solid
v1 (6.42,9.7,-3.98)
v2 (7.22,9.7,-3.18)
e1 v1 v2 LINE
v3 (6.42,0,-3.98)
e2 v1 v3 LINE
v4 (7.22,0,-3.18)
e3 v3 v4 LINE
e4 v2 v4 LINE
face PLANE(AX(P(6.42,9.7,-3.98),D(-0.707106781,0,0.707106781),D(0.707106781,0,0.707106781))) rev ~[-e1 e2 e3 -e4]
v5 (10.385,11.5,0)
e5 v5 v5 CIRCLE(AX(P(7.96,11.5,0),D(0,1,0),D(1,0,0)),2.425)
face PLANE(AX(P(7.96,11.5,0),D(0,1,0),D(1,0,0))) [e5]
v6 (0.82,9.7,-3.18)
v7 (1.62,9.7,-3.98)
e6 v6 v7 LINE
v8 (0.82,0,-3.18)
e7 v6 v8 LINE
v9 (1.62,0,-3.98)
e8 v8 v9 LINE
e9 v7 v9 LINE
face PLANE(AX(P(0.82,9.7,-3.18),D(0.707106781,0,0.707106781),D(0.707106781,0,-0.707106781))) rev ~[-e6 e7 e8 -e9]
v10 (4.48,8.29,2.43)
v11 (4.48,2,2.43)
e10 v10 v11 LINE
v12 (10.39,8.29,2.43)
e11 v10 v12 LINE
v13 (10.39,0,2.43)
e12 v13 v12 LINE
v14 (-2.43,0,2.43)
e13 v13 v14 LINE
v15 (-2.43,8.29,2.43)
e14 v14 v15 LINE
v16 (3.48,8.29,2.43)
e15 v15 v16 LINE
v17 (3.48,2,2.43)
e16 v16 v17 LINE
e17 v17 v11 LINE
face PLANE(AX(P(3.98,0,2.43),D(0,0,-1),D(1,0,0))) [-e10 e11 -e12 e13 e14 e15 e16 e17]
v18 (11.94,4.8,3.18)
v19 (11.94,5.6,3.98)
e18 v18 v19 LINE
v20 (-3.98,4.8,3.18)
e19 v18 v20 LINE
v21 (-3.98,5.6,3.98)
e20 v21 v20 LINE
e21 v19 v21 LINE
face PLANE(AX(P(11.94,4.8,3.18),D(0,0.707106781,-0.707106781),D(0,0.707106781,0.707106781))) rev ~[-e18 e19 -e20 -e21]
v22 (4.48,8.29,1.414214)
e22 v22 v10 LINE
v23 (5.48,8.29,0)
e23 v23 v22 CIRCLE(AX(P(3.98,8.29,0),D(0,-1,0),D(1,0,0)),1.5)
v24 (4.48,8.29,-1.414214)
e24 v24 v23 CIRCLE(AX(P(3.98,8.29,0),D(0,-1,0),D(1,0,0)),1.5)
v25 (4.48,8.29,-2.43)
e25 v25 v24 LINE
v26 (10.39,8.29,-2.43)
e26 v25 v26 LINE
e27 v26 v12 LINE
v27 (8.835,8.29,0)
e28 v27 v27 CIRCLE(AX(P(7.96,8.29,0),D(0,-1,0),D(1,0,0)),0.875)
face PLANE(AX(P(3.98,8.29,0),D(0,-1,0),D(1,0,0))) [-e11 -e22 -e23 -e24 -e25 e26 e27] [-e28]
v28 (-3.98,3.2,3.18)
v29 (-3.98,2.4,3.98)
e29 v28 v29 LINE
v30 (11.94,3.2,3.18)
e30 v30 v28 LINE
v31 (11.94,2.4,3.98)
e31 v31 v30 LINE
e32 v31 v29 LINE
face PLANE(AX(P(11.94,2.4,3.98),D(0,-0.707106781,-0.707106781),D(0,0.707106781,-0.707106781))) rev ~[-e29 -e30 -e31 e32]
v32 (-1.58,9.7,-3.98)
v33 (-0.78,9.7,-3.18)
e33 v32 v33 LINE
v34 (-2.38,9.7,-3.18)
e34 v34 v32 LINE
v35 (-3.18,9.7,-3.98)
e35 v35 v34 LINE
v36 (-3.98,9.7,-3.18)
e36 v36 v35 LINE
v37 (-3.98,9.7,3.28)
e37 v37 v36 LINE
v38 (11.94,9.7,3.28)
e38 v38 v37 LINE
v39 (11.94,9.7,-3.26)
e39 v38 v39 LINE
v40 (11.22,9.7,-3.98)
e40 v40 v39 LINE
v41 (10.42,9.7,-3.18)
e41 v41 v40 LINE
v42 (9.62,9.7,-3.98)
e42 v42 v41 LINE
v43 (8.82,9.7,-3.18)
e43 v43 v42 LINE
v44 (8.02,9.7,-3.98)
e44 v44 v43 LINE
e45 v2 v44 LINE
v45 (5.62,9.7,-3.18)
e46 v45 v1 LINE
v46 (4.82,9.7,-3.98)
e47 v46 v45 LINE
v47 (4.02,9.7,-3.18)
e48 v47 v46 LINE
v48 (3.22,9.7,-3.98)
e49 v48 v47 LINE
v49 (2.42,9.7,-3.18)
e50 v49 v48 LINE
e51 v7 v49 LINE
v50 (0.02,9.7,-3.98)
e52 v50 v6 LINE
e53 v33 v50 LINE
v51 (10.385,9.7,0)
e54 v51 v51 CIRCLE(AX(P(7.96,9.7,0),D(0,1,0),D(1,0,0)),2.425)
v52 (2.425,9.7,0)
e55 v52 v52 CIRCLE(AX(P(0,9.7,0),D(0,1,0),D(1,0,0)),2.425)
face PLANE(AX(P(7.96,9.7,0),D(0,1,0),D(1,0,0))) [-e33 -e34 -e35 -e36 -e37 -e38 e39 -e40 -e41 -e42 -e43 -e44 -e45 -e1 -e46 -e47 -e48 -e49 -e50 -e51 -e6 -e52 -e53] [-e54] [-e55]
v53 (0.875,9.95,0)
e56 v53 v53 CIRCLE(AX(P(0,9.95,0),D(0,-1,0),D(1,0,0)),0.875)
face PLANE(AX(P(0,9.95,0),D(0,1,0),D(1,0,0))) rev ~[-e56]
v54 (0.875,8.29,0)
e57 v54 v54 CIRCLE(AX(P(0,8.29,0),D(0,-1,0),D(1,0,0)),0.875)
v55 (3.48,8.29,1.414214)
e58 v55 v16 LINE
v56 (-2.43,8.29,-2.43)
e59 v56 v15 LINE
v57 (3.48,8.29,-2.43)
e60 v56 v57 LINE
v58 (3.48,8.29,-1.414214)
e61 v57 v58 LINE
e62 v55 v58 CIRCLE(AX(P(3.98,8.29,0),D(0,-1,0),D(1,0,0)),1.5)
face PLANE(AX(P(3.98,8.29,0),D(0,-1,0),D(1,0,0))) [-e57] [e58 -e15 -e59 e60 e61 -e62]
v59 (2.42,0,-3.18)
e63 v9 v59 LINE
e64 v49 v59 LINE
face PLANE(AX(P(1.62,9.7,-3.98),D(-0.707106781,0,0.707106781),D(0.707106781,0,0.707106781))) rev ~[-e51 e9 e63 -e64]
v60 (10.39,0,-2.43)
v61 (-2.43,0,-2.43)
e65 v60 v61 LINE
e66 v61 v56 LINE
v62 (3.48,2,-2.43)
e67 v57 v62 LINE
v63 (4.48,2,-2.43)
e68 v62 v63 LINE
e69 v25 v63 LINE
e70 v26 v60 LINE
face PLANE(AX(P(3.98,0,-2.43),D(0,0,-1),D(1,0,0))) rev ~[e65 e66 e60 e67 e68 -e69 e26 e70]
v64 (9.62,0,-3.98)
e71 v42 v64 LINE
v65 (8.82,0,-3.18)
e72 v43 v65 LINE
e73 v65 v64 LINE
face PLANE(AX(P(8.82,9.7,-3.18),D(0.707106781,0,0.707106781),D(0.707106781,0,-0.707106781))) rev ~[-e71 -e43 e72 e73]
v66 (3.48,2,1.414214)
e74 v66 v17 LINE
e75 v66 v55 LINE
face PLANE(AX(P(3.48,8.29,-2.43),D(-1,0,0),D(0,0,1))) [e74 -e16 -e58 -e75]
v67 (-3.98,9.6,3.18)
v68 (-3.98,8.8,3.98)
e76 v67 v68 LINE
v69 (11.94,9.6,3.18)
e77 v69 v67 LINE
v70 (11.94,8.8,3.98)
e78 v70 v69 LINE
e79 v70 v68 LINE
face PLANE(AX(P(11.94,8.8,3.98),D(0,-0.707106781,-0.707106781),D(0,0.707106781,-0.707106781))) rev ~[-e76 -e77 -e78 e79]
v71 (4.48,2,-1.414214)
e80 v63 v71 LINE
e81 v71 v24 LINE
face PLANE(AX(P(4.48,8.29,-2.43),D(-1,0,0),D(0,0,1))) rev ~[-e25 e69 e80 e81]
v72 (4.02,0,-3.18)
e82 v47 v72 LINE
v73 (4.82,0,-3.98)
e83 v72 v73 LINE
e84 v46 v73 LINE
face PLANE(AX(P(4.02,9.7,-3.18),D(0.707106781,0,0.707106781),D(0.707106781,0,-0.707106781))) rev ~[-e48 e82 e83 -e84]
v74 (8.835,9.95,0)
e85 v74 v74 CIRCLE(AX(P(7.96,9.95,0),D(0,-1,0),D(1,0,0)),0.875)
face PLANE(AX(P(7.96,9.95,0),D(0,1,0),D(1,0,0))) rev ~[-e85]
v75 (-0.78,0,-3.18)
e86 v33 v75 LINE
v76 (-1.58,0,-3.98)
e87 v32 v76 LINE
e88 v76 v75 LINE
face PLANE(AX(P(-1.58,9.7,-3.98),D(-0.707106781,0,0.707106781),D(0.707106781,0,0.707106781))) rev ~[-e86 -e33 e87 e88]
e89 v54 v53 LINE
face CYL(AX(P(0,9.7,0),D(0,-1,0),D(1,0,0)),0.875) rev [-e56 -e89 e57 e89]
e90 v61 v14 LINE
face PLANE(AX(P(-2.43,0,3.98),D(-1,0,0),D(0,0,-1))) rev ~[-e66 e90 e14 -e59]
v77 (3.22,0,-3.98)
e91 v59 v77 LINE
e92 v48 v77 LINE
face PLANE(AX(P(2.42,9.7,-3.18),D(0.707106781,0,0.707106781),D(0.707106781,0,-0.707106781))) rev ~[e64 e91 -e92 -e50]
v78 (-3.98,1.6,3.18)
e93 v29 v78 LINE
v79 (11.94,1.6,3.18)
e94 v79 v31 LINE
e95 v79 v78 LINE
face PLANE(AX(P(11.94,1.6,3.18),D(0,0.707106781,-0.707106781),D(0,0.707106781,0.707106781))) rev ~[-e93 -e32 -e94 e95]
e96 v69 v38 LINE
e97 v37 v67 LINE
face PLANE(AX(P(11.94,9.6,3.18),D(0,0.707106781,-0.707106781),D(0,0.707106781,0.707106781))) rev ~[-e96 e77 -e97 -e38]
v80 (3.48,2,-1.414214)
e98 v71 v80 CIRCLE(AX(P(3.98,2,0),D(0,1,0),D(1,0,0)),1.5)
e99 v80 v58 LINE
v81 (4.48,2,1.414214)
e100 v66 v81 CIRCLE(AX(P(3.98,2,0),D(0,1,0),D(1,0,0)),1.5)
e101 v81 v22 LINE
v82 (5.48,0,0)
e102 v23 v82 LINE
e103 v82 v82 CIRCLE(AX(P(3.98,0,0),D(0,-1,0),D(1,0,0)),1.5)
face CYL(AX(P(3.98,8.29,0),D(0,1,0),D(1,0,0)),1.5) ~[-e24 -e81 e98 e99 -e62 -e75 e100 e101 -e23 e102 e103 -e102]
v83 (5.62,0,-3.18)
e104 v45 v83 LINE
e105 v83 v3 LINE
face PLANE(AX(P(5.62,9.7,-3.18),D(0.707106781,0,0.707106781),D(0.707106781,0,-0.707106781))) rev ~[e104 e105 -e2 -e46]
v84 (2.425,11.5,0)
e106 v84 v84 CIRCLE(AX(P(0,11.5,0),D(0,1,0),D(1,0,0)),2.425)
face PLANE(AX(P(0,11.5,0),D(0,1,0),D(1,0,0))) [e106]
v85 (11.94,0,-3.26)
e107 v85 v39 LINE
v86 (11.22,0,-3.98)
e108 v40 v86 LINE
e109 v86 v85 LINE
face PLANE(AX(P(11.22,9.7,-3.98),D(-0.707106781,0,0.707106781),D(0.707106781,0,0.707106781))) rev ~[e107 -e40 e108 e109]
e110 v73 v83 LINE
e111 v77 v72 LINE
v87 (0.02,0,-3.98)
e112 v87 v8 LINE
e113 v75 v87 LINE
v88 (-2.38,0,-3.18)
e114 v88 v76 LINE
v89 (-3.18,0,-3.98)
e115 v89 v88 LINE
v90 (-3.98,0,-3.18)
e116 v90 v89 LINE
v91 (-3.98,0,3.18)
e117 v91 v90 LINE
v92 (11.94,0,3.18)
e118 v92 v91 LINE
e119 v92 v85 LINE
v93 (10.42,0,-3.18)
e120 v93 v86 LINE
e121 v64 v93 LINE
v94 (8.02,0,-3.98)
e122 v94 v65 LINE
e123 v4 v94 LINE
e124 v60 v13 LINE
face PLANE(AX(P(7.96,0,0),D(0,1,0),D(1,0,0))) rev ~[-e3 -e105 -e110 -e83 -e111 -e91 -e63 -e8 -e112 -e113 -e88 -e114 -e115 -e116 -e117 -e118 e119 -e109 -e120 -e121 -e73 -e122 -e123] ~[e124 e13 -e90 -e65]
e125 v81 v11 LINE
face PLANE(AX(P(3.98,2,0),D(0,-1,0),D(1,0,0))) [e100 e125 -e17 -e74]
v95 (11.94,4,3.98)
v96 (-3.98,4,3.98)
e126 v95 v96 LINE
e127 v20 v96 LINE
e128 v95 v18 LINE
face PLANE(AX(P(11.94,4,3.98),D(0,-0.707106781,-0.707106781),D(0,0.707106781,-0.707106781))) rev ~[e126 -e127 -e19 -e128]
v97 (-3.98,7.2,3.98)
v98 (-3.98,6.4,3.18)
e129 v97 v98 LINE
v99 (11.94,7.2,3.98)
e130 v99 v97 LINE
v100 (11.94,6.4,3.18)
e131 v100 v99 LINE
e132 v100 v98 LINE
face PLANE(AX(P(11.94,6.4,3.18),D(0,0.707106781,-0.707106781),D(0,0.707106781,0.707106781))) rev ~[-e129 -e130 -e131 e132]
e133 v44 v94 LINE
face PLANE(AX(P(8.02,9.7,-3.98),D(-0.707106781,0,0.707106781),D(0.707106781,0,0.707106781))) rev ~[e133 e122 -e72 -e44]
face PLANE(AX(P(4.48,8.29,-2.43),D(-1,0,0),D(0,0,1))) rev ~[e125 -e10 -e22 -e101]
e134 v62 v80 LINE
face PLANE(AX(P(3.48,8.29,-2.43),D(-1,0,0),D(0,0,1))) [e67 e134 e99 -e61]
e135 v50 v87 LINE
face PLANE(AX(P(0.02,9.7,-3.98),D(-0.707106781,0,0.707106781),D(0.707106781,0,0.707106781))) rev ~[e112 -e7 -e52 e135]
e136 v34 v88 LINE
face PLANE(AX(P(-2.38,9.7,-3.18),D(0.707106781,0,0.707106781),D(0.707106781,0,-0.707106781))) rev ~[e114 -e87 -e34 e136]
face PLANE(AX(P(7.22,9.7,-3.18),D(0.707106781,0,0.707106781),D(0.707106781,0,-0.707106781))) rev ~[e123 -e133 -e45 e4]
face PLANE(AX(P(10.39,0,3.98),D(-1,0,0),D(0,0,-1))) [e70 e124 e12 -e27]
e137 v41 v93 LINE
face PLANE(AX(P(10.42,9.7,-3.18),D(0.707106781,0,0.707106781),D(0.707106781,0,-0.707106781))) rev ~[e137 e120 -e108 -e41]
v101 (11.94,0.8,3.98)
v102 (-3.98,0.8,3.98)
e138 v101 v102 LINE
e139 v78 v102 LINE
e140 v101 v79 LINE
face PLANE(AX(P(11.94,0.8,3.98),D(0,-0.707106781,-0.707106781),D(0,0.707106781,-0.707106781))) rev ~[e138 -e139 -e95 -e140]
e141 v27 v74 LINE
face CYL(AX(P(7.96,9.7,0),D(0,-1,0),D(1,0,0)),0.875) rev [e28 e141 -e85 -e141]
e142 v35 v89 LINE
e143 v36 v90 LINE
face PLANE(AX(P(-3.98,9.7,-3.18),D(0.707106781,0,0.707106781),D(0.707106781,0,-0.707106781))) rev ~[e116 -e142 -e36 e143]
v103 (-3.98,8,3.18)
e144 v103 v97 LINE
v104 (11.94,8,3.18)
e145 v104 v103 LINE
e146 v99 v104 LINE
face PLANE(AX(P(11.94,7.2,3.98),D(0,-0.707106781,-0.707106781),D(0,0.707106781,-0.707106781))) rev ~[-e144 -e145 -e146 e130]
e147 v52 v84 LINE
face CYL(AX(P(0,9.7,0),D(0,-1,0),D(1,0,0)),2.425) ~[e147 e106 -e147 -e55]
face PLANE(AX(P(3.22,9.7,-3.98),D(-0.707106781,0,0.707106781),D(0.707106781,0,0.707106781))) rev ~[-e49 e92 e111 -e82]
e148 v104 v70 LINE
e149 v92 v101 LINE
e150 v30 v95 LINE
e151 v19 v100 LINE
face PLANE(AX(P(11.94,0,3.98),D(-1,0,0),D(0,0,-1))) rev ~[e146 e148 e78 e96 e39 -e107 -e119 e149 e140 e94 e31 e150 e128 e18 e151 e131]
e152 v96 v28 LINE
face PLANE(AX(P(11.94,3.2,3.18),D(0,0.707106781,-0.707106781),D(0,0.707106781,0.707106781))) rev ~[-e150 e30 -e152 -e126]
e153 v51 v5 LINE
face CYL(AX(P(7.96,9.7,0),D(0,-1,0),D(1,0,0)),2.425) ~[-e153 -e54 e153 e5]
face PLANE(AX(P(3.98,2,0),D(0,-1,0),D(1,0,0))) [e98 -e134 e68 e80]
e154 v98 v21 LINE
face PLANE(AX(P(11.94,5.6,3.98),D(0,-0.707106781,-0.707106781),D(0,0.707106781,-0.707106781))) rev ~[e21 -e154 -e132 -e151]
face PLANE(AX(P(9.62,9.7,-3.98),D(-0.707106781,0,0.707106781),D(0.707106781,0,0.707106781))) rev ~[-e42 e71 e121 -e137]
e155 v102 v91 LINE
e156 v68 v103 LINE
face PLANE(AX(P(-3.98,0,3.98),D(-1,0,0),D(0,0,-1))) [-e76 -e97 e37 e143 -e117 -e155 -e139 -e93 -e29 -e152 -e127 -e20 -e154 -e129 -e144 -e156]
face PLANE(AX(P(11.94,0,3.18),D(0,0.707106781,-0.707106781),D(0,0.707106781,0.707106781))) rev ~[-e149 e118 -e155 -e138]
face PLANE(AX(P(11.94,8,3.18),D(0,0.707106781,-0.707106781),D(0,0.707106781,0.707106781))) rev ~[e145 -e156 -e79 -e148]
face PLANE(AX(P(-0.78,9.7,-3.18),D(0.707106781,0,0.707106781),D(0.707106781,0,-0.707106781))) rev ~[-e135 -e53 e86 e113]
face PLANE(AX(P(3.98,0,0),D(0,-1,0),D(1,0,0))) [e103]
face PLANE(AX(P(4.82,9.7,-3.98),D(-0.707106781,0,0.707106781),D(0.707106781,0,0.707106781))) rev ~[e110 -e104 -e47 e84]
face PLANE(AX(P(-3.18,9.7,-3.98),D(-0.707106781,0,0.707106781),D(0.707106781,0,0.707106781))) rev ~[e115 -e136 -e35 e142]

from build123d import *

# Parameters (mm, degrees)
SKETCH1_W       = 7.96
SKETCH1_H       = 7.96
EXTRUDE1_DEPTH  = 9.7
SKETCH2_R       = 2.425
EXTRUDE2_DEPTH  = 1.8
LPATTERN1_COUNT = 2
LPATTERN1_PITCH = 7.96
SHELL1_T        = -1.55
SKETCH3_W       = 12.82
SKETCH3_H       = 4.86
EXTRUDE3_DEPTH  = 0.14
SKETCH4_R       = 1.5
EXTRUDE4_DEPTH  = 8.29
SKETCH5_W       = 1
SKETCH5_H       = 4.86
EXTRUDE5_DEPTH  = 6.29
EXTRUDE6_DEPTH  = 16.92
LPATTERN2_COUNT = 7
LPATTERN2_PITCH = 1.6
EXTRUDE7_DEPTH  = 10.7
LPATTERN3_COUNT = 11
LPATTERN3_PITCH = 1.6


with BuildPart() as part:
    # Sketch1 → Extrude1 (new body)
    with BuildSketch(Plane(origin=(0, 0, 0), x_dir=(1, 0, 0), z_dir=(0, 1, 0))):
        Rectangle(SKETCH1_W, SKETCH1_H)
    extrude1 = extrude(amount=EXTRUDE1_DEPTH)

    # Sketch2 → Extrude2 (add)
    with BuildSketch(Plane(origin=(0, 9.7, 0), x_dir=(1, 0, 0), z_dir=(0, 1, 0))):
        Circle(SKETCH2_R)
    extrude2 = extrude(amount=EXTRUDE2_DEPTH)

    # LPattern1: Extrude1, Extrude2 ×2
    with Locations(*[(i * LPATTERN1_PITCH, 0, 0) for i in range(1, LPATTERN1_COUNT)]):
        add(extrude1)
        add(extrude2)

    # Shell1
    shell1_openings = [part.faces().sort_by_distance(p)[0] for p in [
        (3.98, 0, 0),
    ]]
    offset(amount=SHELL1_T, openings=shell1_openings, kind=Kind.INTERSECTION)

    # Sketch3 → Extrude3 (cut)
    with BuildSketch(Plane.XZ.offset(-8.15)):
        with Locations((3.98, 0)):
            Rectangle(SKETCH3_W, SKETCH3_H)
    extrude(amount=-EXTRUDE3_DEPTH, mode=Mode.SUBTRACT)

    # Sketch4 → Extrude4 (add)
    with BuildSketch(Plane.XZ.offset(-8.29)):
        with Locations((3.98, 0)):
            Circle(SKETCH4_R)
    extrude(amount=EXTRUDE4_DEPTH)

    # Sketch5 → Extrude5 (add)
    with BuildSketch(Plane.XZ.offset(-8.29)):
        with Locations((3.98, 0)):
            Rectangle(SKETCH5_W, SKETCH5_H)
    extrude(amount=EXTRUDE5_DEPTH)

    # Sketch7 → Extrude6 (cut, through all)
    with BuildSketch(Plane(origin=(11.94, 0, 0), x_dir=(0, 0, -1), z_dir=(1, 0, 0))):
        Polygon((-3.98, -0.8), (-3.18, 0), (-3.98, 0.8), align=None)
    extrude6 = extrude(amount=-EXTRUDE6_DEPTH, mode=Mode.SUBTRACT)

    # LPattern2: Extrude6 ×7
    with Locations(*[(0, i * LPATTERN2_PITCH, 0) for i in range(1, LPATTERN2_COUNT)]):
        add(extrude6, mode=Mode.SUBTRACT)

    # Sketch8 → Extrude7 (cut, through all)
    with BuildSketch(Plane(origin=(0, 9.7, 0), x_dir=(1, 0, 0), z_dir=(0, 1, 0))):
        Polygon((-3.98, 3.18), (-3.18, 3.98), (-4.78, 3.98), align=None)
    extrude7 = extrude(amount=-EXTRUDE7_DEPTH, mode=Mode.SUBTRACT)

    # LPattern3: Extrude7 ×11
    with Locations(*[(i * LPATTERN3_PITCH, 0, 0) for i in range(1, LPATTERN3_COUNT)]):
        add(extrude7, mode=Mode.SUBTRACT)


solid = part.part
